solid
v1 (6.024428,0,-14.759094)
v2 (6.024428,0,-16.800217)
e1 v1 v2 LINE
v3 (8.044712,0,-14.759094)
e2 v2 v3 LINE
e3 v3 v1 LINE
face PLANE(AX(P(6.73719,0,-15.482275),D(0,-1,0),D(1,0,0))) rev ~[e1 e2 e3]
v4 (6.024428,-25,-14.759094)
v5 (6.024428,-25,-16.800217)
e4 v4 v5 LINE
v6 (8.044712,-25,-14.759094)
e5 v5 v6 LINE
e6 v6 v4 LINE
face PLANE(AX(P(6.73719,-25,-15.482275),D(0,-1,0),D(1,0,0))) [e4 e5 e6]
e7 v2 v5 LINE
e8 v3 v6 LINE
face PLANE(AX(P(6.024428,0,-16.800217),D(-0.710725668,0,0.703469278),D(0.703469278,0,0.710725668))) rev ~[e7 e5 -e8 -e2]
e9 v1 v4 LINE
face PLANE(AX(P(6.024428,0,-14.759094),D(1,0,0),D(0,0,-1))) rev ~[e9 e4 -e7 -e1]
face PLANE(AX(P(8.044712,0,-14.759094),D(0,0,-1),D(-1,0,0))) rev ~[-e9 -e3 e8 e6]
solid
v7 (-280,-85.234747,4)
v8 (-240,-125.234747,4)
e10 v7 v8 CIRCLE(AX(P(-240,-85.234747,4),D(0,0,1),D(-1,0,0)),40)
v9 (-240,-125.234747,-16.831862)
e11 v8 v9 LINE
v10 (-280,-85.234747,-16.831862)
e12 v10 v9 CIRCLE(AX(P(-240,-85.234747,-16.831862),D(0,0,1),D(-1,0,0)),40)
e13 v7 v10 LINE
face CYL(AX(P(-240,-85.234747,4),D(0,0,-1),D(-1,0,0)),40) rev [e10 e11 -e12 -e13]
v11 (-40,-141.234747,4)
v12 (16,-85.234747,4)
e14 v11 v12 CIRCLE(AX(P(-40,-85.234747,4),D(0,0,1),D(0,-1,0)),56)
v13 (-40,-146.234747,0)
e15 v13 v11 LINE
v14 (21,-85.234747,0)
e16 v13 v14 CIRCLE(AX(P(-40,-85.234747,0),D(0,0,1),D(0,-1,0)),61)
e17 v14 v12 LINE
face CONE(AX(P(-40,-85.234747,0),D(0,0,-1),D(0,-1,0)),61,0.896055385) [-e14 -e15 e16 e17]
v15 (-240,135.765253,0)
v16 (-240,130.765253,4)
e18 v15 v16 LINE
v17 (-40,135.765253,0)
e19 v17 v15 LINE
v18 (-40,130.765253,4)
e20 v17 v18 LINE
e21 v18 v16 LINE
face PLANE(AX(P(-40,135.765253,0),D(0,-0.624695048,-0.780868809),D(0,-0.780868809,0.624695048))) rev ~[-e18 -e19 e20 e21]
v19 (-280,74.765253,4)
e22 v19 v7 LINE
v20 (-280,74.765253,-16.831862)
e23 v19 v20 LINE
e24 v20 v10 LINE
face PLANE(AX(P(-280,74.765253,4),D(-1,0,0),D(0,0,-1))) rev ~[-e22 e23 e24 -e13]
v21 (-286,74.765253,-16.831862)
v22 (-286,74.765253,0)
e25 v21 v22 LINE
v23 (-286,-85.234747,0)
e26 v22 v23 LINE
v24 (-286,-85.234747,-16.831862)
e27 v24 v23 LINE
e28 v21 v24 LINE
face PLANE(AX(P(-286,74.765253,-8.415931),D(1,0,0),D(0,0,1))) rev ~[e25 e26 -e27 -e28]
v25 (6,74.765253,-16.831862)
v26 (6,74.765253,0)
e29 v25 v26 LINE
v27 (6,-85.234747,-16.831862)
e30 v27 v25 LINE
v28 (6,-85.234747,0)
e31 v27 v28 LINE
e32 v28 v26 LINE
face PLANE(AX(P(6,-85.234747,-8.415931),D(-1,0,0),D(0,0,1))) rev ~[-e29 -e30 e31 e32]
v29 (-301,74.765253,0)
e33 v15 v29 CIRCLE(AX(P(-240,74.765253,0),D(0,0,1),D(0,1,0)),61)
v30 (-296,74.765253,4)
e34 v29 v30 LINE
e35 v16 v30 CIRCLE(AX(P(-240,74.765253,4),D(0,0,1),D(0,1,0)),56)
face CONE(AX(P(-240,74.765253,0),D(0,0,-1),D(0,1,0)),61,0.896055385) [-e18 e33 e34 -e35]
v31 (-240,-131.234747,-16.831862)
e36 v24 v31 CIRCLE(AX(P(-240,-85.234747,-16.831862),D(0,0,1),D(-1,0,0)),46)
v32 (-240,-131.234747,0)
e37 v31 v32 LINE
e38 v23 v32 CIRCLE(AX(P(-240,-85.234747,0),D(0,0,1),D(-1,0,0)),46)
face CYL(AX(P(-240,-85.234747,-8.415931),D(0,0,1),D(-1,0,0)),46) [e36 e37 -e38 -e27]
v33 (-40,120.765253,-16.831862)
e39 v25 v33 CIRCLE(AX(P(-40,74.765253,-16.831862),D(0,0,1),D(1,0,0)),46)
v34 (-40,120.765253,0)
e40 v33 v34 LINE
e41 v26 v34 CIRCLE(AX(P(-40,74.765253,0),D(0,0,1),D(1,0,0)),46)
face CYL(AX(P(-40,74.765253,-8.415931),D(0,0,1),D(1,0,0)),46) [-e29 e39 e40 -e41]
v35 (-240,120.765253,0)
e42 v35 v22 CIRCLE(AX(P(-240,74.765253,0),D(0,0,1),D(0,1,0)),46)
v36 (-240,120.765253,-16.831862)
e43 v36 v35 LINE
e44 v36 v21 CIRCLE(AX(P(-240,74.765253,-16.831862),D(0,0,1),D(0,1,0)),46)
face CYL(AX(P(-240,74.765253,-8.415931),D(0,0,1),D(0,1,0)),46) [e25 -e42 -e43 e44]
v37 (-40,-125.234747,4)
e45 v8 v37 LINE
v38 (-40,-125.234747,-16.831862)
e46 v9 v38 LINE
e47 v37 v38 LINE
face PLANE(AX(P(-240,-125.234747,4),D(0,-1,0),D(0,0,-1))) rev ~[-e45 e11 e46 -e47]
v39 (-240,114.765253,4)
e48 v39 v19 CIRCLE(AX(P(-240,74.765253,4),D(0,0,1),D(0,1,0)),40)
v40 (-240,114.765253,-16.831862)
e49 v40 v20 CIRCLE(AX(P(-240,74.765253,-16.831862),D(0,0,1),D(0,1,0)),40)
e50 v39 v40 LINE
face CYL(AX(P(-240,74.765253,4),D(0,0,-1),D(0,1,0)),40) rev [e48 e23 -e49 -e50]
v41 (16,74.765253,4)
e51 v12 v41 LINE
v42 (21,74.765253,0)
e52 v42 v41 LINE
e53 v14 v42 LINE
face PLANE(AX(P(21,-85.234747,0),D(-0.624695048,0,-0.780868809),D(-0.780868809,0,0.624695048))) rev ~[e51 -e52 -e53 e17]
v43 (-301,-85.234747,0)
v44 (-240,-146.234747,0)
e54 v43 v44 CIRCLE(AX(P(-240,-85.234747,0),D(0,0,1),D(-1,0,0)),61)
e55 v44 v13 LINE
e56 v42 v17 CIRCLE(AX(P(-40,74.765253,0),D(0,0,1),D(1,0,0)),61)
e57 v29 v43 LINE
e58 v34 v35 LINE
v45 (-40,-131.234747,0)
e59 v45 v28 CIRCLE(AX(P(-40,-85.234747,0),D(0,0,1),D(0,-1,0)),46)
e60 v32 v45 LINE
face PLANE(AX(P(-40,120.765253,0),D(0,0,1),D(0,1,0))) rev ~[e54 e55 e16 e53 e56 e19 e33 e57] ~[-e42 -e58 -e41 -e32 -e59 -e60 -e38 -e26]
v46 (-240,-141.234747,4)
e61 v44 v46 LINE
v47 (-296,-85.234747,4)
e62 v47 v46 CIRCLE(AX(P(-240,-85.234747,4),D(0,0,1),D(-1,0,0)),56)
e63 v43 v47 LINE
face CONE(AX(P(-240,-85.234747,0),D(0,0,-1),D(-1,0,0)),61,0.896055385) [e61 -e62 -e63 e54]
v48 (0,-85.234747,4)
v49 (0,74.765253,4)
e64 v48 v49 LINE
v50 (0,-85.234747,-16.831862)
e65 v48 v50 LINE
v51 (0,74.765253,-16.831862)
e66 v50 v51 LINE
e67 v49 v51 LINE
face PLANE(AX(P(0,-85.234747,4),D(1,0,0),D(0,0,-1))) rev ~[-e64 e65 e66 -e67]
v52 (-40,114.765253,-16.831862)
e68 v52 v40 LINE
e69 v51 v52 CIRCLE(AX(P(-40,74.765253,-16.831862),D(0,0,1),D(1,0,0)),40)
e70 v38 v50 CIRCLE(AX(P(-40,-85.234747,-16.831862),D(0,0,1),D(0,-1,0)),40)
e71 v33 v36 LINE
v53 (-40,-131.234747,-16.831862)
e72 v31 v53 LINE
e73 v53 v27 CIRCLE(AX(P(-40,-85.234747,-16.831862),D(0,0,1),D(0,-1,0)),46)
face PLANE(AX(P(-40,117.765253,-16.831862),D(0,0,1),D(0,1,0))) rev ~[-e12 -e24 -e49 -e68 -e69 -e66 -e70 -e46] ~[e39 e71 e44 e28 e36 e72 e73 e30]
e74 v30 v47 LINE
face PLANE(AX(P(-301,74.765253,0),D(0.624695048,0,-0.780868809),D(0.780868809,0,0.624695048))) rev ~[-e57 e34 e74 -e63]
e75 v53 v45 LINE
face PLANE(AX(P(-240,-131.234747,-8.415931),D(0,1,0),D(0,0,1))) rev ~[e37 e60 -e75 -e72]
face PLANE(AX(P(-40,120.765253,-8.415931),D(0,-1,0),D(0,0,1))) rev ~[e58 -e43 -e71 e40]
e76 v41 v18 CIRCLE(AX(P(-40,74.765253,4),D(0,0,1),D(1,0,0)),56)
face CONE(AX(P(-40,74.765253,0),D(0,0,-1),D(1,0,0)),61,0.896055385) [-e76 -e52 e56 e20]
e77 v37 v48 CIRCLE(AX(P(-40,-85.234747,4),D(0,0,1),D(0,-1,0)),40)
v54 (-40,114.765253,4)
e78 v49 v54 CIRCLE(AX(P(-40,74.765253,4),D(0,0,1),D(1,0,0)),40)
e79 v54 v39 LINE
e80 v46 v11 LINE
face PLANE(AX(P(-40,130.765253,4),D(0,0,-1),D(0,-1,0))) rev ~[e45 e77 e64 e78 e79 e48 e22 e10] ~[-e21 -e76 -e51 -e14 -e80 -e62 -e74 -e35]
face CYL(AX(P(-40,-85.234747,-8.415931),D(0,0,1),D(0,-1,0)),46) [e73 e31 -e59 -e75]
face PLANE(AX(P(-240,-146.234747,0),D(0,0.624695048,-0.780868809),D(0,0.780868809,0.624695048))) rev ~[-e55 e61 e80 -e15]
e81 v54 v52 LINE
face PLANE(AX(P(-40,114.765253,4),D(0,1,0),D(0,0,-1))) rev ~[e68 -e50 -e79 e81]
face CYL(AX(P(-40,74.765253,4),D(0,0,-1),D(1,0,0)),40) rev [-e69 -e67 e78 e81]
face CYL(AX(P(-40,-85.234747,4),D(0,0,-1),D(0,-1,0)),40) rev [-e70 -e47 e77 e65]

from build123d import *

# Parameters (mm, degrees)
F0_W     = 6
F0_H     = 16.8318616902
F4_DEPTH = 25


with BuildPart() as f2:
    # F2: sweep along a path in F1
    with BuildLine(Plane.XY) as f2_path:
        Line((-40, 114.765252769), (-240, 114.765252769))
        ThreePointArc((-240, 114.765252769), (-268.2842712475, 103.0495240165), (-280, 74.765252769))
        Line((-280, 74.765252769), (-280, -85.234747231))
        ThreePointArc((-280, -85.234747231), (-268.2842712475, -113.5190184785), (-240, -125.234747231))
        Line((-240, -125.234747231), (-40, -125.234747231))
        ThreePointArc((-40, -125.234747231), (-11.7157287525, -113.5190184785), (0, -85.234747231))
        Line((0, -85.234747231), (0, 74.765252769))
        ThreePointArc((0, 74.765252769), (-11.7157287525, 103.0495240165), (-40, 114.765252769))
    # F0 (on Front) → F2 (sweep)
    with BuildSketch(Plane.XZ):
        Polygon((0, 4), (0, 0), (6, 0), (16, 0), (16, 4), align=None)
        with Locations((3, -8.4159308451)):
            Rectangle(F0_W, F0_H)
        Polygon((16, 4), (16, 0), (21, 0), align=None)
    sweep(path=f2_path.line)


with BuildPart() as f4:
    # F3 (on Front) → F4 (new body)
    with BuildSketch(Plane.XZ):
        Polygon((8.0447122901, -14.7590936869), (6.0244281776, -14.7590936869), (6.0244281776, -16.8002173305), align=None)
    extrude(amount=F4_DEPTH)


solid = Compound([f2.part, f4.part])
